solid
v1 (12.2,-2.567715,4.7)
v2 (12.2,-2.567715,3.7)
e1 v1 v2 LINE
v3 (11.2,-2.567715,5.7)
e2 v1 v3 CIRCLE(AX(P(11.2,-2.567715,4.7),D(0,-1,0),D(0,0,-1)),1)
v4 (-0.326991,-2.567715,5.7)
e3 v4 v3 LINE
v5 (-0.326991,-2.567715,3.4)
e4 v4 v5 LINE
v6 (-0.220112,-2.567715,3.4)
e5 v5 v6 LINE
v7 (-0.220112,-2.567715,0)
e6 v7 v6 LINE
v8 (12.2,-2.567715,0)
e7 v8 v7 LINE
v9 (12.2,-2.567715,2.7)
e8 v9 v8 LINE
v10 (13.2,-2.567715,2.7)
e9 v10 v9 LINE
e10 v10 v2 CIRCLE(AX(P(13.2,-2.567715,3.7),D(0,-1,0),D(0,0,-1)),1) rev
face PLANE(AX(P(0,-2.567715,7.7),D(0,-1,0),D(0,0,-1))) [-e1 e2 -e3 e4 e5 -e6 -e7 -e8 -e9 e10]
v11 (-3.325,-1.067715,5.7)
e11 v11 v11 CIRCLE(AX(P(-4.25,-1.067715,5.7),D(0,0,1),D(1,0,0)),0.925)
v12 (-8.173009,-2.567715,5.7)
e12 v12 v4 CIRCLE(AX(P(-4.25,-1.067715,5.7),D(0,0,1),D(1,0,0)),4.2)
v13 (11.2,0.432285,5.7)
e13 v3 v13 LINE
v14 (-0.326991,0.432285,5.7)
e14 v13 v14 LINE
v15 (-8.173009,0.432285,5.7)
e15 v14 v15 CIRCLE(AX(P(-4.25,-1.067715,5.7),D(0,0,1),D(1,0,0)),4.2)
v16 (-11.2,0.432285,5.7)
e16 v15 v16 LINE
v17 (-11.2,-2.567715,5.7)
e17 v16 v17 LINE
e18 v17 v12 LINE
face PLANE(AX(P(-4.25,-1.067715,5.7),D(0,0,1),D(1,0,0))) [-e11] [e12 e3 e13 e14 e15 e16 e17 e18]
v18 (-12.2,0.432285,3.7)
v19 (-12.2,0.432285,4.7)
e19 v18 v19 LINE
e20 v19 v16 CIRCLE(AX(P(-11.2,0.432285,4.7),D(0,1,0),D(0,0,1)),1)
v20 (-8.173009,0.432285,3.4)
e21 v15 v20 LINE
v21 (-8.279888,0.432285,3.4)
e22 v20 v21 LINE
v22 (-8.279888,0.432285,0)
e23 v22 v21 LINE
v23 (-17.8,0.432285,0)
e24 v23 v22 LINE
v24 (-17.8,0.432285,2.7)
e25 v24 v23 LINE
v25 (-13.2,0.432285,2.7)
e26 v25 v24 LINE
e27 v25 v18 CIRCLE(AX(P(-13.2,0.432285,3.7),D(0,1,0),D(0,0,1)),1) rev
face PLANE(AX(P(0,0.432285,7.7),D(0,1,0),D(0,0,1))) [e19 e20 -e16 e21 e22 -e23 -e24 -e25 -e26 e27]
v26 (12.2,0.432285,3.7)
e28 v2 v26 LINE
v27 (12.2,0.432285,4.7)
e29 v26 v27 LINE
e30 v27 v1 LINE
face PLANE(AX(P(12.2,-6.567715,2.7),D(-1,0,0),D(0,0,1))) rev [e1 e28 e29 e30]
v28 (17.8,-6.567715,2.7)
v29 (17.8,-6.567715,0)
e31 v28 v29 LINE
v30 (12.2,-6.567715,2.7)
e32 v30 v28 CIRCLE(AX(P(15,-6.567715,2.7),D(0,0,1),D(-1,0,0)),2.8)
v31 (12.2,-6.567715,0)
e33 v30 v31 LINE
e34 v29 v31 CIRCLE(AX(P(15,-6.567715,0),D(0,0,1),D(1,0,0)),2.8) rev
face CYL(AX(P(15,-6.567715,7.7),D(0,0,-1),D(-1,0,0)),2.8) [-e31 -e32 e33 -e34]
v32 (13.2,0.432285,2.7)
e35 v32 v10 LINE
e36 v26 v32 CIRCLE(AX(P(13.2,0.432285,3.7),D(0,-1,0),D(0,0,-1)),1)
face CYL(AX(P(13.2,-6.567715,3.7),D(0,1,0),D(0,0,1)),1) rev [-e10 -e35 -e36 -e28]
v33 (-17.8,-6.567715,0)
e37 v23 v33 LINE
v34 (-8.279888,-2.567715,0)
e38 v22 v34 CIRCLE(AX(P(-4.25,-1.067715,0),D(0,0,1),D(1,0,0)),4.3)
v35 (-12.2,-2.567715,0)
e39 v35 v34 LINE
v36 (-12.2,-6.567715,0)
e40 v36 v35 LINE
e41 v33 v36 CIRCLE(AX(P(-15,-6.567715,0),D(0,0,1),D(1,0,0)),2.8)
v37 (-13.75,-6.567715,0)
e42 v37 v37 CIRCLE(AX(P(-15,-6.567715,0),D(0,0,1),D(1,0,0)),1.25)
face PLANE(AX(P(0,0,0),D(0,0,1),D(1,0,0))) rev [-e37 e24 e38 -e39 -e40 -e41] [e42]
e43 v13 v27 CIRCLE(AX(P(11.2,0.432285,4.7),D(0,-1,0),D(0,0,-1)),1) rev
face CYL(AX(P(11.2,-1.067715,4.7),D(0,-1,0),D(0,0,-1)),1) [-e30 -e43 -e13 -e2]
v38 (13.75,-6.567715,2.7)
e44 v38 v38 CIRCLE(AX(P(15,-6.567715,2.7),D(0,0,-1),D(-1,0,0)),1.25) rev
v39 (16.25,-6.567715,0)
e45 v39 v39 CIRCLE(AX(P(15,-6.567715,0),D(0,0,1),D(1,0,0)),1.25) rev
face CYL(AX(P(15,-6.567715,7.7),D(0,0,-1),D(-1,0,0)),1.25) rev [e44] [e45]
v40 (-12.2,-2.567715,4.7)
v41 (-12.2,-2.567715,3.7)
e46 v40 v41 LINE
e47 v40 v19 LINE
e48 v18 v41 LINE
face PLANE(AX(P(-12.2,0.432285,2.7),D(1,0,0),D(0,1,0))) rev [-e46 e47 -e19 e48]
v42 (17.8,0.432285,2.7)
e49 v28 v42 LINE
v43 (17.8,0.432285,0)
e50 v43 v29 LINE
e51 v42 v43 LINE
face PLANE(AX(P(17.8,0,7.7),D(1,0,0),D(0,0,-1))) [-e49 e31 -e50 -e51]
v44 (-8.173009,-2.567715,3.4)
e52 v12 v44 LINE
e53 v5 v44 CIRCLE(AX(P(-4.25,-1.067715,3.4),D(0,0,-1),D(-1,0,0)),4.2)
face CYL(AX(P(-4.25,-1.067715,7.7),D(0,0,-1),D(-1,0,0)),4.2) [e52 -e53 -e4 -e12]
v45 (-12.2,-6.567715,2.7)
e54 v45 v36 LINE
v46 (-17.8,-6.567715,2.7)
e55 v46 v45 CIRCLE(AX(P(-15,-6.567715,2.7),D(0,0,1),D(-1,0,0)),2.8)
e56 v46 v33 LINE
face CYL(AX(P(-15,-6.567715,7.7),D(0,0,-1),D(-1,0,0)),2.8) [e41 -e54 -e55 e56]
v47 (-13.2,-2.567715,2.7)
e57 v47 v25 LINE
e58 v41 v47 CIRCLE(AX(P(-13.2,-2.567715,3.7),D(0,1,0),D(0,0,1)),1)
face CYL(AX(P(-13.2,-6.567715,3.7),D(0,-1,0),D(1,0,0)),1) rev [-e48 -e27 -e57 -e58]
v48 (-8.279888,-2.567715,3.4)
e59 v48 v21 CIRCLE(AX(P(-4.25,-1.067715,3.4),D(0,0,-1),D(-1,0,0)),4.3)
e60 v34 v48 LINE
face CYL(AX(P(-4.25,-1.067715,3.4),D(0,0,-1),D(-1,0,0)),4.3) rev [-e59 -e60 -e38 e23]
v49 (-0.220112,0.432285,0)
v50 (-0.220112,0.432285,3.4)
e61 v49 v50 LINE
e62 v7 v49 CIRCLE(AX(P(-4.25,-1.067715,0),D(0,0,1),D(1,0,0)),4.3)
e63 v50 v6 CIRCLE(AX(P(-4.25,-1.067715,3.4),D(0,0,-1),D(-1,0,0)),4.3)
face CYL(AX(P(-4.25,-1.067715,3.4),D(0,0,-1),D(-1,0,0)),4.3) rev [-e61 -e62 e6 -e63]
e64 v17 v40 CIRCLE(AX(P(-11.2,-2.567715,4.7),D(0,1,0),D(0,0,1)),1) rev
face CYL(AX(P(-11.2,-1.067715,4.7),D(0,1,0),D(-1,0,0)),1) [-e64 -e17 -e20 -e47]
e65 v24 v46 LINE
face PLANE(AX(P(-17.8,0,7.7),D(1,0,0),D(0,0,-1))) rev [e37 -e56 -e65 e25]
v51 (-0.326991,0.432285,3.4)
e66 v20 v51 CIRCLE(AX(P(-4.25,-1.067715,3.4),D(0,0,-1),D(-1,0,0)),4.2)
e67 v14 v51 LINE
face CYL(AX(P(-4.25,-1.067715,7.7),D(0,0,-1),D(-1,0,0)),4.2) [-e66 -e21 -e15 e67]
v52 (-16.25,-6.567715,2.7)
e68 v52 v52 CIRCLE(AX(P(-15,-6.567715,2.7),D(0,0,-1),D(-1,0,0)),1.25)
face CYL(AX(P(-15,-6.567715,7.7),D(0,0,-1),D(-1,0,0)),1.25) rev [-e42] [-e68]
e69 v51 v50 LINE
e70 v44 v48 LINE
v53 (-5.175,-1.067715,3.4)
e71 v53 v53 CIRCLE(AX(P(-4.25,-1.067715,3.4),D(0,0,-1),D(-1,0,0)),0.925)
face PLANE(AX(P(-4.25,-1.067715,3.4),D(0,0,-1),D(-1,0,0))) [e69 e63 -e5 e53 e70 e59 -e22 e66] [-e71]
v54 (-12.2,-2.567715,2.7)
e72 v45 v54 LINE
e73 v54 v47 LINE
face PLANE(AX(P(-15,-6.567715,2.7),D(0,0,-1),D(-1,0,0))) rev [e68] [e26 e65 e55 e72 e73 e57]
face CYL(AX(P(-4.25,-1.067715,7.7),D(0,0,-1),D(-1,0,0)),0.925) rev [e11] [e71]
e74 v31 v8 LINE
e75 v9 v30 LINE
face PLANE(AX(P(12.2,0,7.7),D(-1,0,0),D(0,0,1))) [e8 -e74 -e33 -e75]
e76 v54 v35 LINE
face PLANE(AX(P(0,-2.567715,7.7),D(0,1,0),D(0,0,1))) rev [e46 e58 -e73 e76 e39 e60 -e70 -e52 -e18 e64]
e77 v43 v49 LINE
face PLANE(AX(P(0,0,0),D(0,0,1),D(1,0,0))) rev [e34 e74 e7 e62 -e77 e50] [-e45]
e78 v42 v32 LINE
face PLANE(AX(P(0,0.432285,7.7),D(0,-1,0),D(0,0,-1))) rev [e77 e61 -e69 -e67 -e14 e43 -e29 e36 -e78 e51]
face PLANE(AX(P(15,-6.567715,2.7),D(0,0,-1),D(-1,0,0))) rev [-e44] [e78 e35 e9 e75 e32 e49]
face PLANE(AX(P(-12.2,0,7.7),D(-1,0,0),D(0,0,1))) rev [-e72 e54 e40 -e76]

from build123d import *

# Parameters (mm, degrees)
SKETCH_1_R          = 1.25
SKETCH_1_R_2        = 0.925
EXTRUDE_1_DEPTH     = 7.7
SKETCH_2_R          = 4.3
CUT_EXTRUDE_1_DEPTH = 3.4
CUT_EXTRUDE_2_DEPTH = 5
CUT_EXTRUDE_3_DEPTH = 2
FILLET_2_R          = 1


with BuildPart() as part:
    # 草图1 → 凸台-拉伸1 (new body)
    with BuildSketch(Plane.XY):
        with BuildLine():
            Line((-8.173009049, 0.432285115), (-12.2, 0.432285115))
            Line((-12.2, 0.432285115), (-17.8, 0.432285115))
            Line((-17.8, 0.432285115), (-17.8, -6.567714885))
            ThreePointArc((-17.8, -6.567714885), (-15, -9.367714885), (-12.2, -6.567714885))
            Line((-12.2, -6.567714885), (-12.2, -3.067714885))
            Line((-12.2, -3.067714885), (-12.2, -2.567714885))
            Line((-12.2, -2.567714885), (-8.173009049, -2.567714885))
            ThreePointArc((-8.173009049, -2.567714885), (-4.25, -5.267714885), (-0.326990951, -2.567714885))
            Line((-0.326990951, -2.567714885), (12.2, -2.567714885))
            Line((12.2, -2.567714885), (12.2, -6.567714885))
            ThreePointArc((12.2, -6.567714885), (15, -9.367714885), (17.8, -6.567714885))
            Line((17.8, -6.567714885), (17.8, 0.432285115))
            Line((17.8, 0.432285115), (12.2, 0.432285115))
            Line((12.2, 0.432285115), (-0.326990951, 0.432285115))
            ThreePointArc((-0.326990951, 0.432285115), (-4.25, 3.132285115), (-8.173009049, 0.432285115))
        make_face()
        with Locations((-15, -6.567714885)):
            Circle(SKETCH_1_R, mode=Mode.SUBTRACT)
        with Locations((15, -6.567714885)):
            Circle(SKETCH_1_R, mode=Mode.SUBTRACT)
        with Locations((-4.25, -1.067714885)):
            Circle(SKETCH_1_R_2, mode=Mode.SUBTRACT)
        with BuildLine():
            Line((-8.173009049, 0.432285115), (-12.2, 0.432285115))
            Line((-12.2, 0.432285115), (-17.8, 0.432285115))
            Line((-17.8, 0.432285115), (-17.8, -6.567714885))
            ThreePointArc((-17.8, -6.567714885), (-15, -9.367714885), (-12.2, -6.567714885))
            Line((-12.2, -6.567714885), (-12.2, -3.067714885))
            Line((-12.2, -3.067714885), (-12.2, -2.567714885))
            Line((-12.2, -2.567714885), (-8.173009049, -2.567714885))
            ThreePointArc((-8.173009049, -2.567714885), (-4.25, -5.267714885), (-0.326990951, -2.567714885))
            Line((-0.326990951, -2.567714885), (12.2, -2.567714885))
            Line((12.2, -2.567714885), (12.2, -6.567714885))
            ThreePointArc((12.2, -6.567714885), (15, -9.367714885), (17.8, -6.567714885))
            Line((17.8, -6.567714885), (17.8, 0.432285115))
            Line((17.8, 0.432285115), (12.2, 0.432285115))
            Line((12.2, 0.432285115), (-0.326990951, 0.432285115))
            ThreePointArc((-0.326990951, 0.432285115), (-4.25, 3.132285115), (-8.173009049, 0.432285115))
        make_face()
        with Locations((-15, -6.567714885)):
            Circle(SKETCH_1_R, mode=Mode.SUBTRACT)
        with Locations((15, -6.567714885)):
            Circle(SKETCH_1_R, mode=Mode.SUBTRACT)
        with Locations((-4.25, -1.067714885)):
            Circle(SKETCH_1_R_2, mode=Mode.SUBTRACT)
    extrude(amount=EXTRUDE_1_DEPTH)

    # 草图2 → 切除-拉伸1 (cut)
    with BuildSketch(Plane(origin=(0, 0, 0), x_dir=(-1, 0, 0), z_dir=(0, 0, -1))):
        with Locations((4.25, -1.067714885)):
            Circle(SKETCH_2_R)
    extrude(amount=-CUT_EXTRUDE_1_DEPTH, mode=Mode.SUBTRACT)

    # 草图3 → 切除-拉伸2 (cut)
    with BuildSketch(Plane.XY.offset(7.7)):
        with BuildLine():
            Line((-17.8, 0.432285115), (-12.2, 0.432285115))
            Line((-12.2, 0.432285115), (-12.2, -6.567714885))
            ThreePointArc((-12.2, -6.567714885), (-15, -9.367714885), (-17.8, -6.567714885))
            Line((-17.8, -6.567714885), (-17.8, 0.432285115))
        make_face()
        with BuildLine():
            Line((12.2, 0.432285115), (17.8, 0.432285115))
            Line((17.8, 0.432285115), (17.8, -6.567714885))
            ThreePointArc((17.8, -6.567714885), (15, -9.367714885), (12.2, -6.567714885))
            Line((12.2, -6.567714885), (12.2, 0.432285115))
        make_face()
    extrude(amount=-CUT_EXTRUDE_2_DEPTH, mode=Mode.SUBTRACT)

    # 草图5 → 切除-拉伸3 (cut)
    with BuildSketch(Plane.XY.offset(7.7)):
        with BuildLine():
            Line((12.2, -2.567714885), (-0.326990951, -2.567714885))
            ThreePointArc((-0.326990951, -2.567714885), (-4.25, -5.267714885), (-8.173009049, -2.567714885))
            Line((-8.173009049, -2.567714885), (-12.2, -2.567714885))
            Line((-12.2, -2.567714885), (-12.2, 0.432285115))
            Line((-12.2, 0.432285115), (-8.173009049, 0.432285115))
            ThreePointArc((-8.173009049, 0.432285115), (-4.25, 3.132285115), (-0.326990951, 0.432285115))
            Line((-0.326990951, 0.432285115), (12.2, 0.432285115))
            Line((12.2, 0.432285115), (12.2, -2.567714885))
        make_face()
    extrude(amount=-CUT_EXTRUDE_3_DEPTH, mode=Mode.SUBTRACT)

    # 圆角2
    fillet_2_edges = [part.edges().sort_by_distance(p)[0] for p in [
        (12.2, -1.067714885, 5.7),
        (-12.2, -1.067714885, 5.7),
        (-12.2, -1.067714885, 2.7),
        (12.2, -1.067714885, 2.7),
    ]]
    fillet(fillet_2_edges, radius=FILLET_2_R)


solid = part.part
